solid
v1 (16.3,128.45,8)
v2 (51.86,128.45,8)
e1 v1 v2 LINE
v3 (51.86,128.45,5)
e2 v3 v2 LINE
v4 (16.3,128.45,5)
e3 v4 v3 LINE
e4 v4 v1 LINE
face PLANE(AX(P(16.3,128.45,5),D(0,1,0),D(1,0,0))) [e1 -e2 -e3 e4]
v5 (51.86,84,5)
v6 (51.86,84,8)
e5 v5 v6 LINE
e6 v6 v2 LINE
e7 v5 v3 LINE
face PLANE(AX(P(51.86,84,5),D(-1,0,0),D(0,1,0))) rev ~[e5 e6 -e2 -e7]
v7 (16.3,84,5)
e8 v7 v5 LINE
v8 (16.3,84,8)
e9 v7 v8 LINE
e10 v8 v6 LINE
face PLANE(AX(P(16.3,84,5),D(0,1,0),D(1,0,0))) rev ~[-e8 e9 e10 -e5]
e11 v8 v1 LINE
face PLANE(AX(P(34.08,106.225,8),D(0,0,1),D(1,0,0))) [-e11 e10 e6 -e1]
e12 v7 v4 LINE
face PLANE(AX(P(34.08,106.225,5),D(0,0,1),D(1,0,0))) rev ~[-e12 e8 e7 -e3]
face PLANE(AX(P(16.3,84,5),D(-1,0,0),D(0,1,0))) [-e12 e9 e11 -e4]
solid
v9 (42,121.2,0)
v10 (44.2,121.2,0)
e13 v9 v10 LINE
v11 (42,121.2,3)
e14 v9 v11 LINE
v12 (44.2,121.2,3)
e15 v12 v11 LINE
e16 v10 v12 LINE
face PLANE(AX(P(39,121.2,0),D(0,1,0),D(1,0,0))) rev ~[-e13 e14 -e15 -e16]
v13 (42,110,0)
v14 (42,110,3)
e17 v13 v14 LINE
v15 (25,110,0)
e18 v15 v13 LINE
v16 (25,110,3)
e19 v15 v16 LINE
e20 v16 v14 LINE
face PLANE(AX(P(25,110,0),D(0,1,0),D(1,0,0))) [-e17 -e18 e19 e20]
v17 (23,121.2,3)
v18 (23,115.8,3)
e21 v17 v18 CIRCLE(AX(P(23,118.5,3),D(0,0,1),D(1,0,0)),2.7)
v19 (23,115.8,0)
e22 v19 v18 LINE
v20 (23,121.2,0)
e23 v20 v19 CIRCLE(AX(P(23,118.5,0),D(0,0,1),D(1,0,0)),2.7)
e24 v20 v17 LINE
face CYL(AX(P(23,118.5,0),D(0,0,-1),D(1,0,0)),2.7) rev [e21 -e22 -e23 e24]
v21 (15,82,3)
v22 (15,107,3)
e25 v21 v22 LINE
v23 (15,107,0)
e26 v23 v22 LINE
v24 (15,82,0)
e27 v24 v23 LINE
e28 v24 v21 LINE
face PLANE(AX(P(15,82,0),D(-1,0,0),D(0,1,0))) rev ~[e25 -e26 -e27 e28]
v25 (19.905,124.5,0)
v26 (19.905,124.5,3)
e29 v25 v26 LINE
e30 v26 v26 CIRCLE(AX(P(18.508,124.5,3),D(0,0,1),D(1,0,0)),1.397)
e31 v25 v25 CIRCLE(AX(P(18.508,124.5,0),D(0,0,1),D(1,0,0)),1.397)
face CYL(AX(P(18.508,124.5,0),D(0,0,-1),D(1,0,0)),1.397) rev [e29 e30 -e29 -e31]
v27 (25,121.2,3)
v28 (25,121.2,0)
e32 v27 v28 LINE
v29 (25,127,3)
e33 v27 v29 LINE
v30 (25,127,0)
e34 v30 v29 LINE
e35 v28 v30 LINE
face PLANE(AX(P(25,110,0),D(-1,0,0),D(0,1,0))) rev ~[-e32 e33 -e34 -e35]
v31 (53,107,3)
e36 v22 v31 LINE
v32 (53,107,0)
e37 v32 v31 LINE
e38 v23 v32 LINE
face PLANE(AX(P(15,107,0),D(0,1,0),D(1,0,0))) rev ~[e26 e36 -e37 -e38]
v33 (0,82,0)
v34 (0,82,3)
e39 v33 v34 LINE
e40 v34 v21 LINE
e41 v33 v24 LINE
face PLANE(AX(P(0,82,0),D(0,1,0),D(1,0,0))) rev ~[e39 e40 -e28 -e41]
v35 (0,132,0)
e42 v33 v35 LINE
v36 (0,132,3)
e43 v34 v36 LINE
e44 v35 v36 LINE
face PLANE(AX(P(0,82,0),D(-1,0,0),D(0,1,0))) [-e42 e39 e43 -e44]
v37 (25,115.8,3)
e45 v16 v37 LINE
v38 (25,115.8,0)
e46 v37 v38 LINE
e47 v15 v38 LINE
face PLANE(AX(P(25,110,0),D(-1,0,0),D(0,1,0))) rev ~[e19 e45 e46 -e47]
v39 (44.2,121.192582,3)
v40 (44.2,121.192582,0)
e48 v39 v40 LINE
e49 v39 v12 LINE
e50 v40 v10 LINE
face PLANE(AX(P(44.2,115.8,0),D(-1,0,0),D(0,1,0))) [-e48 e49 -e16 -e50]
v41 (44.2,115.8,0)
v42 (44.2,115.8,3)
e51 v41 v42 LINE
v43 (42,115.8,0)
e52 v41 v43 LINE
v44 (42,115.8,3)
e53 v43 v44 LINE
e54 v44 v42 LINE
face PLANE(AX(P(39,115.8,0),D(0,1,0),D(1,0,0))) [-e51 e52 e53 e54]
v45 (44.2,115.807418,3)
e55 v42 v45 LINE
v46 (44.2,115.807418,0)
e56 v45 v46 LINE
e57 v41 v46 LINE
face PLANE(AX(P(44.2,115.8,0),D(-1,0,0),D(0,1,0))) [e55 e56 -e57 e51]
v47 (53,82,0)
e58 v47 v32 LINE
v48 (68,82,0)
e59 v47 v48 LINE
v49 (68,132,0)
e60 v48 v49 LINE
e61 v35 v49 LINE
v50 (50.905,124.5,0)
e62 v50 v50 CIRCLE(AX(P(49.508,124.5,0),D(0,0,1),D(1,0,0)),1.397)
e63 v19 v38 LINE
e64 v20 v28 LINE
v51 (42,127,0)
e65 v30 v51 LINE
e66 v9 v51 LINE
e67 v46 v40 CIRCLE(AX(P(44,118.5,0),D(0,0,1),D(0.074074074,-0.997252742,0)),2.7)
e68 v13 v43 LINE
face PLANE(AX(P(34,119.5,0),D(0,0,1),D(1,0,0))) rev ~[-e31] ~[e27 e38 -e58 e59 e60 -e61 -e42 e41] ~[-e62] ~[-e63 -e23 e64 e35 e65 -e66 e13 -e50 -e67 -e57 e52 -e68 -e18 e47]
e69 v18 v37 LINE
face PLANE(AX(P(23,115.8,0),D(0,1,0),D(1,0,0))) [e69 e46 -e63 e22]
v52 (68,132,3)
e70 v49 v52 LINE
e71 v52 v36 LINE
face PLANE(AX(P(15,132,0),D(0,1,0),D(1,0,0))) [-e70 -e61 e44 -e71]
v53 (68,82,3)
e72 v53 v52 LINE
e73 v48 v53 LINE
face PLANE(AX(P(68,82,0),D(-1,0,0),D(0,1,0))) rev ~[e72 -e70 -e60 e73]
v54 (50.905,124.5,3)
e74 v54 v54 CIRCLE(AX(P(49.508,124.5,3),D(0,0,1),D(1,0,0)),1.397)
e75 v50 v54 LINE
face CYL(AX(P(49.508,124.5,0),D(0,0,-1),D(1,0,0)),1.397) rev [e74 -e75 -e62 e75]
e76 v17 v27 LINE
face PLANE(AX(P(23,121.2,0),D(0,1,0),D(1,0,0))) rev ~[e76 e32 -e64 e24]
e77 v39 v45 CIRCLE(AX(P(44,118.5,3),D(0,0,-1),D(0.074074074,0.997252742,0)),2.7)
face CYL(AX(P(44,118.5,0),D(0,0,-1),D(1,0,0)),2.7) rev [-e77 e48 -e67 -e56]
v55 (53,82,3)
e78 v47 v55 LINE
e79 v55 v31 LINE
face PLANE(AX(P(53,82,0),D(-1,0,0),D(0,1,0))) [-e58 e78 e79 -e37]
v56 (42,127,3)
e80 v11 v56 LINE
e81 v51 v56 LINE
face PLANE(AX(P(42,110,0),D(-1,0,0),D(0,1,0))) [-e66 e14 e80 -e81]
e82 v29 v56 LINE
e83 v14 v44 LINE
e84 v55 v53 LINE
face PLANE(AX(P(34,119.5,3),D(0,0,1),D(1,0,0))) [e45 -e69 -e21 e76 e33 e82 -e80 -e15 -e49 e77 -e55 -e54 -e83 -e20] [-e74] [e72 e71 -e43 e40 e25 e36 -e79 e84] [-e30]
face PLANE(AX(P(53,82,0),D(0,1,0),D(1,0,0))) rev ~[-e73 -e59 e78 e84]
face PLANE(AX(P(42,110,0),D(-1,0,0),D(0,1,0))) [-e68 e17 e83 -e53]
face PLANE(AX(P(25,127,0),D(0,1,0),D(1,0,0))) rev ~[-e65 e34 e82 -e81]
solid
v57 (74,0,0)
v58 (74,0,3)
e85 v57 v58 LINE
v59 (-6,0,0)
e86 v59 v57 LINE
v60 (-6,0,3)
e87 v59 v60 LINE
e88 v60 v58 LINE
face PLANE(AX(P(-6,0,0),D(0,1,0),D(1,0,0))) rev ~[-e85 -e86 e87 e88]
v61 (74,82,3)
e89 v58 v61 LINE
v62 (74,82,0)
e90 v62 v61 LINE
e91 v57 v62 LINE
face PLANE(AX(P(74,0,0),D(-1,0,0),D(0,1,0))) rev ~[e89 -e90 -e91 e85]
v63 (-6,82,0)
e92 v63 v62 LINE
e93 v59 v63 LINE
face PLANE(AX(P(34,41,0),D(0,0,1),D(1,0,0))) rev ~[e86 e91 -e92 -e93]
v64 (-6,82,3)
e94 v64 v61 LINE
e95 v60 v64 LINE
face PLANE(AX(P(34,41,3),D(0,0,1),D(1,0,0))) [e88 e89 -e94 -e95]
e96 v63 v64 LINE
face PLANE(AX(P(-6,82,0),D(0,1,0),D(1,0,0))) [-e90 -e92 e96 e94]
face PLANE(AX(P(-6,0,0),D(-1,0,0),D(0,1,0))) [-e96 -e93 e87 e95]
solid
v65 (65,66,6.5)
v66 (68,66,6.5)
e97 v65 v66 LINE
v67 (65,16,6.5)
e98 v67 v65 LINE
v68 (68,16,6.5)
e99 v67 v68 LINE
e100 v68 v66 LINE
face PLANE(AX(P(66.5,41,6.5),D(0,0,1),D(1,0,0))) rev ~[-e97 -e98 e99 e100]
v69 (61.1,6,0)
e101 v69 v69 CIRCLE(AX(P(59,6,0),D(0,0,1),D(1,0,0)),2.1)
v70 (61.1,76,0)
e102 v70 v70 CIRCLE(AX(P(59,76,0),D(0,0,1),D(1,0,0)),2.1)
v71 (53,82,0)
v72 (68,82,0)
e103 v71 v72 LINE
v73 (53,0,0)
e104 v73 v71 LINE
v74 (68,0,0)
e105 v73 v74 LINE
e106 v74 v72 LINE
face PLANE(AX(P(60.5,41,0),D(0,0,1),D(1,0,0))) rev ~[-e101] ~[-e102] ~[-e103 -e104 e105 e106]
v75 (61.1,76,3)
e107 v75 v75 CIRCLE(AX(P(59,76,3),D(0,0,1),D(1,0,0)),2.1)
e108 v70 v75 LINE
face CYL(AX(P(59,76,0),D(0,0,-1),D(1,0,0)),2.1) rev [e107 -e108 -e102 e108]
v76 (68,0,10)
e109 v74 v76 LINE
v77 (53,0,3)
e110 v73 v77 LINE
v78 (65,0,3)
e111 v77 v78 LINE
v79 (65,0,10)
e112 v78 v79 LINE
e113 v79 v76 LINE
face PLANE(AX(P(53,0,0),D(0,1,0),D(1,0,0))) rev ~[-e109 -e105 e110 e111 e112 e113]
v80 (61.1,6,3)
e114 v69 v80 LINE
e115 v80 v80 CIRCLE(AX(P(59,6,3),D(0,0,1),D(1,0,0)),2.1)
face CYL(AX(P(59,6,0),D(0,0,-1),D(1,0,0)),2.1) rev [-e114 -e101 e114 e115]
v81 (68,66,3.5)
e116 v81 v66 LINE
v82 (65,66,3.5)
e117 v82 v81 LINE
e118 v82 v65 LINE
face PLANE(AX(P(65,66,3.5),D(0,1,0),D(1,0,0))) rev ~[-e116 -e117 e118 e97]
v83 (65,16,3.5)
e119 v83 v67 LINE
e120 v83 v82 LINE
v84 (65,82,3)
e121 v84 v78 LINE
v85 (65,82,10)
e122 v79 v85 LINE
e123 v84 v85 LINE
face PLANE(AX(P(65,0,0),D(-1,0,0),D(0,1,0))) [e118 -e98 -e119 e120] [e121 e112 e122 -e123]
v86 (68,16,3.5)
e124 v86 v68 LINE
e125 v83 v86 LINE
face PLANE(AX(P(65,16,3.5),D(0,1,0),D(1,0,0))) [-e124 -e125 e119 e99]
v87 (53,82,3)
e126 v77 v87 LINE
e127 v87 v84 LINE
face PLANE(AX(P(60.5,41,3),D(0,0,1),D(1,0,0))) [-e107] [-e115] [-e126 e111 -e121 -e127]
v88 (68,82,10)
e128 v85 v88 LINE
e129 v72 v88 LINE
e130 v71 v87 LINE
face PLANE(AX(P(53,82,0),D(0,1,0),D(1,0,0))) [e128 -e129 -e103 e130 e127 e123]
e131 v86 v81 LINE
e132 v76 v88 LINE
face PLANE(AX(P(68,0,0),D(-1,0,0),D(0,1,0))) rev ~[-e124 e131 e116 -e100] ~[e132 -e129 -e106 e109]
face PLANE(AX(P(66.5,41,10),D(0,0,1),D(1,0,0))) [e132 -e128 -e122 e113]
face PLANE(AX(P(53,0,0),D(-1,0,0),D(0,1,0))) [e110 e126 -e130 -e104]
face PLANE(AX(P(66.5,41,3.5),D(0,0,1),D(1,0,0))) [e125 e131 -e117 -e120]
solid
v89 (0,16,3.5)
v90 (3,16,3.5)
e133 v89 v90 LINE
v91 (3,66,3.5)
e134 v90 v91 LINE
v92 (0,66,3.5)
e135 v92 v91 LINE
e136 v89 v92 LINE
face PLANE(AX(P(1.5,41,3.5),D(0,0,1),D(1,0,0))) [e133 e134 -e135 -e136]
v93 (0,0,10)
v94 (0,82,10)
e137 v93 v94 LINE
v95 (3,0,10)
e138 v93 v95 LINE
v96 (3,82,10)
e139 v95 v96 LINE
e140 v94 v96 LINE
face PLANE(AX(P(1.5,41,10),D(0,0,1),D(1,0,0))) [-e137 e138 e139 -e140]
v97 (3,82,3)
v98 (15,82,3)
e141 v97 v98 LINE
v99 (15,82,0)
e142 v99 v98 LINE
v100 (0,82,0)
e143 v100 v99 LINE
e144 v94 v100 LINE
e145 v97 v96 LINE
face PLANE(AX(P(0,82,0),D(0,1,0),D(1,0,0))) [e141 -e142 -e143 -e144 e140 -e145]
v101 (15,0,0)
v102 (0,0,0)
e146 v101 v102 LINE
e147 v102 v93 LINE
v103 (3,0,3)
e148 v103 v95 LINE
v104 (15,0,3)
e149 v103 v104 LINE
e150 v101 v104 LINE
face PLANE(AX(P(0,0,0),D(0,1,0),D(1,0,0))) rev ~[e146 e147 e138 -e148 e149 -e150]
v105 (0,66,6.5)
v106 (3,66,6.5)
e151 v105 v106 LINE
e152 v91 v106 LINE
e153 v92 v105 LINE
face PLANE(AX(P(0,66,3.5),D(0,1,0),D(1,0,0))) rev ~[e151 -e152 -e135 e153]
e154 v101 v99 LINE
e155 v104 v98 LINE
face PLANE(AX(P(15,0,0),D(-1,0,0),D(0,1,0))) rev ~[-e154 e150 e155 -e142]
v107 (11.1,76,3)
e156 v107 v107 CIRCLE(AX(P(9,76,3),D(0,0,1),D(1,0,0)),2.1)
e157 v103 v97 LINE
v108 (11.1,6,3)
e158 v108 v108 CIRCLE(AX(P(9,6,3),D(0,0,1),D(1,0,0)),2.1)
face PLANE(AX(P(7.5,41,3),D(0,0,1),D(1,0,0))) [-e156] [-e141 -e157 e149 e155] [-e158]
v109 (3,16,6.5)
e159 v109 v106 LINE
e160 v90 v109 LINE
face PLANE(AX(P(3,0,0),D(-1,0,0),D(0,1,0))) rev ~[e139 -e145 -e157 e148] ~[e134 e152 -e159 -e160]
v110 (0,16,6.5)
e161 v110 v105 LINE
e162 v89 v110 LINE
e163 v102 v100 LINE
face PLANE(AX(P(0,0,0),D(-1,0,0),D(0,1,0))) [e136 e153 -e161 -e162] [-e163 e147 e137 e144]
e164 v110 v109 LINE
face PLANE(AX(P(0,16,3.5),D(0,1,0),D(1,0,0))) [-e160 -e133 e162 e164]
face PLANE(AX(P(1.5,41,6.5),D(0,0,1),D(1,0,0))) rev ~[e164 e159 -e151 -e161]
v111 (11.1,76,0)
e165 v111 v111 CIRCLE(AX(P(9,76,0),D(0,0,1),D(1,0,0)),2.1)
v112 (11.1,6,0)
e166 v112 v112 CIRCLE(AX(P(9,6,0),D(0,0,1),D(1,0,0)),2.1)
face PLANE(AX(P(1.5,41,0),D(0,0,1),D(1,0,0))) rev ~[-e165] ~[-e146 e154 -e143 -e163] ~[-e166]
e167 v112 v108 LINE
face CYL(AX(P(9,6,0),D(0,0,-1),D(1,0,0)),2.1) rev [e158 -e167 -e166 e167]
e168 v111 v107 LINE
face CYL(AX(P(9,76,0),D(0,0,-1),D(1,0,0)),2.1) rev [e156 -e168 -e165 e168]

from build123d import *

# Parameters (mm, degrees)
BOX006_W          = 80
BOX006_H          = 82
BOX006_DEPTH      = 3
BOX008_W          = 35.56
BOX008_H          = 44.45
BOX008_DEPTH      = 3
BOX005_W          = 3
BOX005_H          = 50
BOX005_DEPTH      = 3
BOX003_W          = 3
BOX003_H          = 82
BOX003_DEPTH      = 10
CYLINDER001_R     = 2.1
CYLINDER001_DEPTH = 3
CYLINDER003_R     = 2.1
CYLINDER003_DEPTH = 3
BOX002_W          = 15
BOX002_H          = 82
BOX002_DEPTH      = 3
CYLINDER002_R     = 2.1
CYLINDER002_DEPTH = 3
CYLINDER_R        = 2.1
CYLINDER_DEPTH    = 3
BOX_W             = 15
BOX_H             = 82
BOX_DEPTH         = 3
BOX004_W          = 3
BOX004_H          = 50
BOX004_DEPTH      = 3
BOX001_W          = 3
BOX001_H          = 82
BOX001_DEPTH      = 10
CYLINDER007_R     = 1.397
CYLINDER007_DEPTH = 3
CYLINDER006_R     = 1.397
CYLINDER006_DEPTH = 3
BOX011_W          = 17
BOX011_H          = 17
BOX011_DEPTH      = 3
CYLINDER004_R     = 2.7
CYLINDER004_DEPTH = 3
CYLINDER005_R     = 2.7
CYLINDER005_DEPTH = 3
BOX012_W          = 5.2
BOX012_H          = 5.4
BOX012_DEPTH      = 3
BOX013_W          = 5.2
BOX013_H          = 5.4
BOX013_DEPTH      = 3
BOX007_W          = 15
BOX007_H          = 50
BOX007_DEPTH      = 3
BOX009_W          = 38
BOX009_H          = 25
BOX009_DEPTH      = 3
BOX010_W          = 15
BOX010_H          = 50
BOX010_DEPTH      = 3


with BuildPart() as g366:
    # Box006 → Box006 (new body)
    with BuildSketch(Plane(origin=(-6, 0, 0), x_dir=(1, 0, 0), z_dir=(0, 0, 1))):
        with Locations((40, 41)):
            Rectangle(BOX006_W, BOX006_H)
    extrude(amount=BOX006_DEPTH)


with BuildPart() as cam:
    # Box008 → Box008 (new body)
    with BuildSketch(Plane(origin=(16.3, 84, 5), x_dir=(1, 0, 0), z_dir=(0, 0, 1))):
        with Locations((17.78, 22.225)):
            Rectangle(BOX008_W, BOX008_H)
    extrude(amount=BOX008_DEPTH)


with BuildPart() as side2_cut:
    # Box005 → Box005 (new body)
    with BuildSketch(Plane(origin=(65, 16, 3.5), x_dir=(1, 0, 0), z_dir=(0, 0, 1))):
        with Locations((1.5, 25)):
            Rectangle(BOX005_W, BOX005_H)
    extrude(amount=BOX005_DEPTH)


with BuildPart() as cut003:
    # Box003 → Box003 (new body)
    with BuildSketch(Plane(origin=(65, 0, 0), x_dir=(1, 0, 0), z_dir=(0, 0, 1))):
        with Locations((1.5, 41)):
            Rectangle(BOX003_W, BOX003_H)
    extrude(amount=BOX003_DEPTH)

    # Cut003: cut side2_cut
    add(side2_cut.part, mode=Mode.SUBTRACT)


with BuildPart() as hole2:
    # Cylinder001 → Cylinder001 (new body)
    with BuildSketch(Plane(origin=(59, 76, 0), x_dir=(1, 0, 0), z_dir=(0, 0, 1))):
        Circle(CYLINDER001_R)
    extrude(amount=CYLINDER001_DEPTH)


with BuildPart() as fusion001:
    # Cylinder003 → Cylinder003 (new body)
    with BuildSketch(Plane(origin=(59, 6, 0), x_dir=(1, 0, 0), z_dir=(0, 0, 1))):
        Circle(CYLINDER003_R)
    extrude(amount=CYLINDER003_DEPTH)

    # Fusion001: union hole2
    add(hole2.part)


with BuildPart() as fusion005:
    # Box002 → Box002 (new body)
    with BuildSketch(Plane(origin=(53, 0, 0), x_dir=(1, 0, 0), z_dir=(0, 0, 1))):
        with Locations((7.5, 41)):
            Rectangle(BOX002_W, BOX002_H)
    extrude(amount=BOX002_DEPTH)

    # Cut001: cut Fusion001
    add(fusion001.part, mode=Mode.SUBTRACT)

    # Fusion005: union Cut003
    add(cut003.part)


with BuildPart() as hole3:
    # Cylinder002 → Cylinder002 (new body)
    with BuildSketch(Plane(origin=(9, 6, 0), x_dir=(1, 0, 0), z_dir=(0, 0, 1))):
        Circle(CYLINDER002_R)
    extrude(amount=CYLINDER002_DEPTH)


with BuildPart() as fusion:
    # Cylinder → Cylinder (new body)
    with BuildSketch(Plane(origin=(9, 76, 0), x_dir=(1, 0, 0), z_dir=(0, 0, 1))):
        Circle(CYLINDER_R)
    extrude(amount=CYLINDER_DEPTH)

    # Fusion: union hole3
    add(hole3.part)


with BuildPart() as cut:
    # Box → Box (new body)
    with BuildSketch(Plane.XY):
        with Locations((7.5, 41)):
            Rectangle(BOX_W, BOX_H)
    extrude(amount=BOX_DEPTH)

    # Cut: cut Fusion
    add(fusion.part, mode=Mode.SUBTRACT)


with BuildPart() as side1_cut:
    # Box004 → Box004 (new body)
    with BuildSketch(Plane(origin=(0, 16, 3.5), x_dir=(1, 0, 0), z_dir=(0, 0, 1))):
        with Locations((1.5, 25)):
            Rectangle(BOX004_W, BOX004_H)
    extrude(amount=BOX004_DEPTH)


with BuildPart() as fusion006:
    # Box001 → Box001 (new body)
    with BuildSketch(Plane.XY):
        with Locations((1.5, 41)):
            Rectangle(BOX001_W, BOX001_H)
    extrude(amount=BOX001_DEPTH)

    # Cut002: cut side1_cut
    add(side1_cut.part, mode=Mode.SUBTRACT)

    # Fusion006: union Cut
    add(cut.part)


with BuildPart() as cylinder007:
    # Cylinder007 → Cylinder007 (new body)
    with BuildSketch(Plane(origin=(49.508, 124.5, 0), x_dir=(1, 0, 0), z_dir=(0, 0, 1))):
        Circle(CYLINDER007_R)
    extrude(amount=CYLINDER007_DEPTH)


with BuildPart() as hole1:
    # Cylinder006 → Cylinder006 (new body)
    with BuildSketch(Plane(origin=(18.508, 124.5, 0), x_dir=(1, 0, 0), z_dir=(0, 0, 1))):
        Circle(CYLINDER006_R)
    extrude(amount=CYLINDER006_DEPTH)


with BuildPart() as openmv_2_cut001:
    # Box011 → Box011 (new body)
    with BuildSketch(Plane(origin=(25, 110, 0), x_dir=(1, 0, 0), z_dir=(0, 0, 1))):
        with Locations((8.5, 8.5)):
            Rectangle(BOX011_W, BOX011_H)
    extrude(amount=BOX011_DEPTH)


with BuildPart() as openmv_2_cut:
    # Cylinder004 → Cylinder004 (new body)
    with BuildSketch(Plane(origin=(23, 118.5, 0), x_dir=(1, 0, 0), z_dir=(0, 0, 1))):
        Circle(CYLINDER004_R)
    extrude(amount=CYLINDER004_DEPTH)


with BuildPart() as openmv_2_cut002:
    # Cylinder005 → Cylinder005 (new body)
    with BuildSketch(Plane(origin=(44, 118.5, 0), x_dir=(1, 0, 0), z_dir=(0, 0, 1))):
        Circle(CYLINDER005_R)
    extrude(amount=CYLINDER005_DEPTH)


with BuildPart() as openmv_2_cut003:
    # Box012 → Box012 (new body)
    with BuildSketch(Plane(origin=(23, 115.8, 0), x_dir=(1, 0, 0), z_dir=(0, 0, 1))):
        with Locations((2.6, 2.7)):
            Rectangle(BOX012_W, BOX012_H)
    extrude(amount=BOX012_DEPTH)


with BuildPart() as fusion007:
    # Box013 → Box013 (new body)
    with BuildSketch(Plane(origin=(39, 115.8, 0), x_dir=(1, 0, 0), z_dir=(0, 0, 1))):
        with Locations((2.6, 2.7)):
            Rectangle(BOX013_W, BOX013_H)
    extrude(amount=BOX013_DEPTH)

    # Fusion007: union Cylinder007, Hole1, OpenMV_2_cut001, OpenMV_2_cut, OpenMV_2_cut002, OpenMV_2_cut003
    add(cylinder007.part)
    add(hole1.part)
    add(openmv_2_cut001.part)
    add(openmv_2_cut.part)
    add(openmv_2_cut002.part)
    add(openmv_2_cut003.part)


with BuildPart() as openmv1:
    # Box007 → Box007 (new body)
    with BuildSketch(Plane(origin=(0, 82, 0), x_dir=(1, 0, 0), z_dir=(0, 0, 1))):
        with Locations((7.5, 25)):
            Rectangle(BOX007_W, BOX007_H)
    extrude(amount=BOX007_DEPTH)


with BuildPart() as box009:
    # Box009 → Box009 (new body)
    with BuildSketch(Plane(origin=(15, 107, 0), x_dir=(1, 0, 0), z_dir=(0, 0, 1))):
        with Locations((19, 12.5)):
            Rectangle(BOX009_W, BOX009_H)
    extrude(amount=BOX009_DEPTH)


with BuildPart() as cut004:
    # Box010 → Box010 (new body)
    with BuildSketch(Plane(origin=(53, 82, 0), x_dir=(1, 0, 0), z_dir=(0, 0, 1))):
        with Locations((7.5, 25)):
            Rectangle(BOX010_W, BOX010_H)
    extrude(amount=BOX010_DEPTH)

    # Fusion003: union OpenMV1, Box009
    add(openmv1.part)
    add(box009.part)

    # Cut004: cut Fusion007
    add(fusion007.part, mode=Mode.SUBTRACT)


solid = Compound([g366.part, cam.part, fusion005.part, fusion006.part, cut004.part])
